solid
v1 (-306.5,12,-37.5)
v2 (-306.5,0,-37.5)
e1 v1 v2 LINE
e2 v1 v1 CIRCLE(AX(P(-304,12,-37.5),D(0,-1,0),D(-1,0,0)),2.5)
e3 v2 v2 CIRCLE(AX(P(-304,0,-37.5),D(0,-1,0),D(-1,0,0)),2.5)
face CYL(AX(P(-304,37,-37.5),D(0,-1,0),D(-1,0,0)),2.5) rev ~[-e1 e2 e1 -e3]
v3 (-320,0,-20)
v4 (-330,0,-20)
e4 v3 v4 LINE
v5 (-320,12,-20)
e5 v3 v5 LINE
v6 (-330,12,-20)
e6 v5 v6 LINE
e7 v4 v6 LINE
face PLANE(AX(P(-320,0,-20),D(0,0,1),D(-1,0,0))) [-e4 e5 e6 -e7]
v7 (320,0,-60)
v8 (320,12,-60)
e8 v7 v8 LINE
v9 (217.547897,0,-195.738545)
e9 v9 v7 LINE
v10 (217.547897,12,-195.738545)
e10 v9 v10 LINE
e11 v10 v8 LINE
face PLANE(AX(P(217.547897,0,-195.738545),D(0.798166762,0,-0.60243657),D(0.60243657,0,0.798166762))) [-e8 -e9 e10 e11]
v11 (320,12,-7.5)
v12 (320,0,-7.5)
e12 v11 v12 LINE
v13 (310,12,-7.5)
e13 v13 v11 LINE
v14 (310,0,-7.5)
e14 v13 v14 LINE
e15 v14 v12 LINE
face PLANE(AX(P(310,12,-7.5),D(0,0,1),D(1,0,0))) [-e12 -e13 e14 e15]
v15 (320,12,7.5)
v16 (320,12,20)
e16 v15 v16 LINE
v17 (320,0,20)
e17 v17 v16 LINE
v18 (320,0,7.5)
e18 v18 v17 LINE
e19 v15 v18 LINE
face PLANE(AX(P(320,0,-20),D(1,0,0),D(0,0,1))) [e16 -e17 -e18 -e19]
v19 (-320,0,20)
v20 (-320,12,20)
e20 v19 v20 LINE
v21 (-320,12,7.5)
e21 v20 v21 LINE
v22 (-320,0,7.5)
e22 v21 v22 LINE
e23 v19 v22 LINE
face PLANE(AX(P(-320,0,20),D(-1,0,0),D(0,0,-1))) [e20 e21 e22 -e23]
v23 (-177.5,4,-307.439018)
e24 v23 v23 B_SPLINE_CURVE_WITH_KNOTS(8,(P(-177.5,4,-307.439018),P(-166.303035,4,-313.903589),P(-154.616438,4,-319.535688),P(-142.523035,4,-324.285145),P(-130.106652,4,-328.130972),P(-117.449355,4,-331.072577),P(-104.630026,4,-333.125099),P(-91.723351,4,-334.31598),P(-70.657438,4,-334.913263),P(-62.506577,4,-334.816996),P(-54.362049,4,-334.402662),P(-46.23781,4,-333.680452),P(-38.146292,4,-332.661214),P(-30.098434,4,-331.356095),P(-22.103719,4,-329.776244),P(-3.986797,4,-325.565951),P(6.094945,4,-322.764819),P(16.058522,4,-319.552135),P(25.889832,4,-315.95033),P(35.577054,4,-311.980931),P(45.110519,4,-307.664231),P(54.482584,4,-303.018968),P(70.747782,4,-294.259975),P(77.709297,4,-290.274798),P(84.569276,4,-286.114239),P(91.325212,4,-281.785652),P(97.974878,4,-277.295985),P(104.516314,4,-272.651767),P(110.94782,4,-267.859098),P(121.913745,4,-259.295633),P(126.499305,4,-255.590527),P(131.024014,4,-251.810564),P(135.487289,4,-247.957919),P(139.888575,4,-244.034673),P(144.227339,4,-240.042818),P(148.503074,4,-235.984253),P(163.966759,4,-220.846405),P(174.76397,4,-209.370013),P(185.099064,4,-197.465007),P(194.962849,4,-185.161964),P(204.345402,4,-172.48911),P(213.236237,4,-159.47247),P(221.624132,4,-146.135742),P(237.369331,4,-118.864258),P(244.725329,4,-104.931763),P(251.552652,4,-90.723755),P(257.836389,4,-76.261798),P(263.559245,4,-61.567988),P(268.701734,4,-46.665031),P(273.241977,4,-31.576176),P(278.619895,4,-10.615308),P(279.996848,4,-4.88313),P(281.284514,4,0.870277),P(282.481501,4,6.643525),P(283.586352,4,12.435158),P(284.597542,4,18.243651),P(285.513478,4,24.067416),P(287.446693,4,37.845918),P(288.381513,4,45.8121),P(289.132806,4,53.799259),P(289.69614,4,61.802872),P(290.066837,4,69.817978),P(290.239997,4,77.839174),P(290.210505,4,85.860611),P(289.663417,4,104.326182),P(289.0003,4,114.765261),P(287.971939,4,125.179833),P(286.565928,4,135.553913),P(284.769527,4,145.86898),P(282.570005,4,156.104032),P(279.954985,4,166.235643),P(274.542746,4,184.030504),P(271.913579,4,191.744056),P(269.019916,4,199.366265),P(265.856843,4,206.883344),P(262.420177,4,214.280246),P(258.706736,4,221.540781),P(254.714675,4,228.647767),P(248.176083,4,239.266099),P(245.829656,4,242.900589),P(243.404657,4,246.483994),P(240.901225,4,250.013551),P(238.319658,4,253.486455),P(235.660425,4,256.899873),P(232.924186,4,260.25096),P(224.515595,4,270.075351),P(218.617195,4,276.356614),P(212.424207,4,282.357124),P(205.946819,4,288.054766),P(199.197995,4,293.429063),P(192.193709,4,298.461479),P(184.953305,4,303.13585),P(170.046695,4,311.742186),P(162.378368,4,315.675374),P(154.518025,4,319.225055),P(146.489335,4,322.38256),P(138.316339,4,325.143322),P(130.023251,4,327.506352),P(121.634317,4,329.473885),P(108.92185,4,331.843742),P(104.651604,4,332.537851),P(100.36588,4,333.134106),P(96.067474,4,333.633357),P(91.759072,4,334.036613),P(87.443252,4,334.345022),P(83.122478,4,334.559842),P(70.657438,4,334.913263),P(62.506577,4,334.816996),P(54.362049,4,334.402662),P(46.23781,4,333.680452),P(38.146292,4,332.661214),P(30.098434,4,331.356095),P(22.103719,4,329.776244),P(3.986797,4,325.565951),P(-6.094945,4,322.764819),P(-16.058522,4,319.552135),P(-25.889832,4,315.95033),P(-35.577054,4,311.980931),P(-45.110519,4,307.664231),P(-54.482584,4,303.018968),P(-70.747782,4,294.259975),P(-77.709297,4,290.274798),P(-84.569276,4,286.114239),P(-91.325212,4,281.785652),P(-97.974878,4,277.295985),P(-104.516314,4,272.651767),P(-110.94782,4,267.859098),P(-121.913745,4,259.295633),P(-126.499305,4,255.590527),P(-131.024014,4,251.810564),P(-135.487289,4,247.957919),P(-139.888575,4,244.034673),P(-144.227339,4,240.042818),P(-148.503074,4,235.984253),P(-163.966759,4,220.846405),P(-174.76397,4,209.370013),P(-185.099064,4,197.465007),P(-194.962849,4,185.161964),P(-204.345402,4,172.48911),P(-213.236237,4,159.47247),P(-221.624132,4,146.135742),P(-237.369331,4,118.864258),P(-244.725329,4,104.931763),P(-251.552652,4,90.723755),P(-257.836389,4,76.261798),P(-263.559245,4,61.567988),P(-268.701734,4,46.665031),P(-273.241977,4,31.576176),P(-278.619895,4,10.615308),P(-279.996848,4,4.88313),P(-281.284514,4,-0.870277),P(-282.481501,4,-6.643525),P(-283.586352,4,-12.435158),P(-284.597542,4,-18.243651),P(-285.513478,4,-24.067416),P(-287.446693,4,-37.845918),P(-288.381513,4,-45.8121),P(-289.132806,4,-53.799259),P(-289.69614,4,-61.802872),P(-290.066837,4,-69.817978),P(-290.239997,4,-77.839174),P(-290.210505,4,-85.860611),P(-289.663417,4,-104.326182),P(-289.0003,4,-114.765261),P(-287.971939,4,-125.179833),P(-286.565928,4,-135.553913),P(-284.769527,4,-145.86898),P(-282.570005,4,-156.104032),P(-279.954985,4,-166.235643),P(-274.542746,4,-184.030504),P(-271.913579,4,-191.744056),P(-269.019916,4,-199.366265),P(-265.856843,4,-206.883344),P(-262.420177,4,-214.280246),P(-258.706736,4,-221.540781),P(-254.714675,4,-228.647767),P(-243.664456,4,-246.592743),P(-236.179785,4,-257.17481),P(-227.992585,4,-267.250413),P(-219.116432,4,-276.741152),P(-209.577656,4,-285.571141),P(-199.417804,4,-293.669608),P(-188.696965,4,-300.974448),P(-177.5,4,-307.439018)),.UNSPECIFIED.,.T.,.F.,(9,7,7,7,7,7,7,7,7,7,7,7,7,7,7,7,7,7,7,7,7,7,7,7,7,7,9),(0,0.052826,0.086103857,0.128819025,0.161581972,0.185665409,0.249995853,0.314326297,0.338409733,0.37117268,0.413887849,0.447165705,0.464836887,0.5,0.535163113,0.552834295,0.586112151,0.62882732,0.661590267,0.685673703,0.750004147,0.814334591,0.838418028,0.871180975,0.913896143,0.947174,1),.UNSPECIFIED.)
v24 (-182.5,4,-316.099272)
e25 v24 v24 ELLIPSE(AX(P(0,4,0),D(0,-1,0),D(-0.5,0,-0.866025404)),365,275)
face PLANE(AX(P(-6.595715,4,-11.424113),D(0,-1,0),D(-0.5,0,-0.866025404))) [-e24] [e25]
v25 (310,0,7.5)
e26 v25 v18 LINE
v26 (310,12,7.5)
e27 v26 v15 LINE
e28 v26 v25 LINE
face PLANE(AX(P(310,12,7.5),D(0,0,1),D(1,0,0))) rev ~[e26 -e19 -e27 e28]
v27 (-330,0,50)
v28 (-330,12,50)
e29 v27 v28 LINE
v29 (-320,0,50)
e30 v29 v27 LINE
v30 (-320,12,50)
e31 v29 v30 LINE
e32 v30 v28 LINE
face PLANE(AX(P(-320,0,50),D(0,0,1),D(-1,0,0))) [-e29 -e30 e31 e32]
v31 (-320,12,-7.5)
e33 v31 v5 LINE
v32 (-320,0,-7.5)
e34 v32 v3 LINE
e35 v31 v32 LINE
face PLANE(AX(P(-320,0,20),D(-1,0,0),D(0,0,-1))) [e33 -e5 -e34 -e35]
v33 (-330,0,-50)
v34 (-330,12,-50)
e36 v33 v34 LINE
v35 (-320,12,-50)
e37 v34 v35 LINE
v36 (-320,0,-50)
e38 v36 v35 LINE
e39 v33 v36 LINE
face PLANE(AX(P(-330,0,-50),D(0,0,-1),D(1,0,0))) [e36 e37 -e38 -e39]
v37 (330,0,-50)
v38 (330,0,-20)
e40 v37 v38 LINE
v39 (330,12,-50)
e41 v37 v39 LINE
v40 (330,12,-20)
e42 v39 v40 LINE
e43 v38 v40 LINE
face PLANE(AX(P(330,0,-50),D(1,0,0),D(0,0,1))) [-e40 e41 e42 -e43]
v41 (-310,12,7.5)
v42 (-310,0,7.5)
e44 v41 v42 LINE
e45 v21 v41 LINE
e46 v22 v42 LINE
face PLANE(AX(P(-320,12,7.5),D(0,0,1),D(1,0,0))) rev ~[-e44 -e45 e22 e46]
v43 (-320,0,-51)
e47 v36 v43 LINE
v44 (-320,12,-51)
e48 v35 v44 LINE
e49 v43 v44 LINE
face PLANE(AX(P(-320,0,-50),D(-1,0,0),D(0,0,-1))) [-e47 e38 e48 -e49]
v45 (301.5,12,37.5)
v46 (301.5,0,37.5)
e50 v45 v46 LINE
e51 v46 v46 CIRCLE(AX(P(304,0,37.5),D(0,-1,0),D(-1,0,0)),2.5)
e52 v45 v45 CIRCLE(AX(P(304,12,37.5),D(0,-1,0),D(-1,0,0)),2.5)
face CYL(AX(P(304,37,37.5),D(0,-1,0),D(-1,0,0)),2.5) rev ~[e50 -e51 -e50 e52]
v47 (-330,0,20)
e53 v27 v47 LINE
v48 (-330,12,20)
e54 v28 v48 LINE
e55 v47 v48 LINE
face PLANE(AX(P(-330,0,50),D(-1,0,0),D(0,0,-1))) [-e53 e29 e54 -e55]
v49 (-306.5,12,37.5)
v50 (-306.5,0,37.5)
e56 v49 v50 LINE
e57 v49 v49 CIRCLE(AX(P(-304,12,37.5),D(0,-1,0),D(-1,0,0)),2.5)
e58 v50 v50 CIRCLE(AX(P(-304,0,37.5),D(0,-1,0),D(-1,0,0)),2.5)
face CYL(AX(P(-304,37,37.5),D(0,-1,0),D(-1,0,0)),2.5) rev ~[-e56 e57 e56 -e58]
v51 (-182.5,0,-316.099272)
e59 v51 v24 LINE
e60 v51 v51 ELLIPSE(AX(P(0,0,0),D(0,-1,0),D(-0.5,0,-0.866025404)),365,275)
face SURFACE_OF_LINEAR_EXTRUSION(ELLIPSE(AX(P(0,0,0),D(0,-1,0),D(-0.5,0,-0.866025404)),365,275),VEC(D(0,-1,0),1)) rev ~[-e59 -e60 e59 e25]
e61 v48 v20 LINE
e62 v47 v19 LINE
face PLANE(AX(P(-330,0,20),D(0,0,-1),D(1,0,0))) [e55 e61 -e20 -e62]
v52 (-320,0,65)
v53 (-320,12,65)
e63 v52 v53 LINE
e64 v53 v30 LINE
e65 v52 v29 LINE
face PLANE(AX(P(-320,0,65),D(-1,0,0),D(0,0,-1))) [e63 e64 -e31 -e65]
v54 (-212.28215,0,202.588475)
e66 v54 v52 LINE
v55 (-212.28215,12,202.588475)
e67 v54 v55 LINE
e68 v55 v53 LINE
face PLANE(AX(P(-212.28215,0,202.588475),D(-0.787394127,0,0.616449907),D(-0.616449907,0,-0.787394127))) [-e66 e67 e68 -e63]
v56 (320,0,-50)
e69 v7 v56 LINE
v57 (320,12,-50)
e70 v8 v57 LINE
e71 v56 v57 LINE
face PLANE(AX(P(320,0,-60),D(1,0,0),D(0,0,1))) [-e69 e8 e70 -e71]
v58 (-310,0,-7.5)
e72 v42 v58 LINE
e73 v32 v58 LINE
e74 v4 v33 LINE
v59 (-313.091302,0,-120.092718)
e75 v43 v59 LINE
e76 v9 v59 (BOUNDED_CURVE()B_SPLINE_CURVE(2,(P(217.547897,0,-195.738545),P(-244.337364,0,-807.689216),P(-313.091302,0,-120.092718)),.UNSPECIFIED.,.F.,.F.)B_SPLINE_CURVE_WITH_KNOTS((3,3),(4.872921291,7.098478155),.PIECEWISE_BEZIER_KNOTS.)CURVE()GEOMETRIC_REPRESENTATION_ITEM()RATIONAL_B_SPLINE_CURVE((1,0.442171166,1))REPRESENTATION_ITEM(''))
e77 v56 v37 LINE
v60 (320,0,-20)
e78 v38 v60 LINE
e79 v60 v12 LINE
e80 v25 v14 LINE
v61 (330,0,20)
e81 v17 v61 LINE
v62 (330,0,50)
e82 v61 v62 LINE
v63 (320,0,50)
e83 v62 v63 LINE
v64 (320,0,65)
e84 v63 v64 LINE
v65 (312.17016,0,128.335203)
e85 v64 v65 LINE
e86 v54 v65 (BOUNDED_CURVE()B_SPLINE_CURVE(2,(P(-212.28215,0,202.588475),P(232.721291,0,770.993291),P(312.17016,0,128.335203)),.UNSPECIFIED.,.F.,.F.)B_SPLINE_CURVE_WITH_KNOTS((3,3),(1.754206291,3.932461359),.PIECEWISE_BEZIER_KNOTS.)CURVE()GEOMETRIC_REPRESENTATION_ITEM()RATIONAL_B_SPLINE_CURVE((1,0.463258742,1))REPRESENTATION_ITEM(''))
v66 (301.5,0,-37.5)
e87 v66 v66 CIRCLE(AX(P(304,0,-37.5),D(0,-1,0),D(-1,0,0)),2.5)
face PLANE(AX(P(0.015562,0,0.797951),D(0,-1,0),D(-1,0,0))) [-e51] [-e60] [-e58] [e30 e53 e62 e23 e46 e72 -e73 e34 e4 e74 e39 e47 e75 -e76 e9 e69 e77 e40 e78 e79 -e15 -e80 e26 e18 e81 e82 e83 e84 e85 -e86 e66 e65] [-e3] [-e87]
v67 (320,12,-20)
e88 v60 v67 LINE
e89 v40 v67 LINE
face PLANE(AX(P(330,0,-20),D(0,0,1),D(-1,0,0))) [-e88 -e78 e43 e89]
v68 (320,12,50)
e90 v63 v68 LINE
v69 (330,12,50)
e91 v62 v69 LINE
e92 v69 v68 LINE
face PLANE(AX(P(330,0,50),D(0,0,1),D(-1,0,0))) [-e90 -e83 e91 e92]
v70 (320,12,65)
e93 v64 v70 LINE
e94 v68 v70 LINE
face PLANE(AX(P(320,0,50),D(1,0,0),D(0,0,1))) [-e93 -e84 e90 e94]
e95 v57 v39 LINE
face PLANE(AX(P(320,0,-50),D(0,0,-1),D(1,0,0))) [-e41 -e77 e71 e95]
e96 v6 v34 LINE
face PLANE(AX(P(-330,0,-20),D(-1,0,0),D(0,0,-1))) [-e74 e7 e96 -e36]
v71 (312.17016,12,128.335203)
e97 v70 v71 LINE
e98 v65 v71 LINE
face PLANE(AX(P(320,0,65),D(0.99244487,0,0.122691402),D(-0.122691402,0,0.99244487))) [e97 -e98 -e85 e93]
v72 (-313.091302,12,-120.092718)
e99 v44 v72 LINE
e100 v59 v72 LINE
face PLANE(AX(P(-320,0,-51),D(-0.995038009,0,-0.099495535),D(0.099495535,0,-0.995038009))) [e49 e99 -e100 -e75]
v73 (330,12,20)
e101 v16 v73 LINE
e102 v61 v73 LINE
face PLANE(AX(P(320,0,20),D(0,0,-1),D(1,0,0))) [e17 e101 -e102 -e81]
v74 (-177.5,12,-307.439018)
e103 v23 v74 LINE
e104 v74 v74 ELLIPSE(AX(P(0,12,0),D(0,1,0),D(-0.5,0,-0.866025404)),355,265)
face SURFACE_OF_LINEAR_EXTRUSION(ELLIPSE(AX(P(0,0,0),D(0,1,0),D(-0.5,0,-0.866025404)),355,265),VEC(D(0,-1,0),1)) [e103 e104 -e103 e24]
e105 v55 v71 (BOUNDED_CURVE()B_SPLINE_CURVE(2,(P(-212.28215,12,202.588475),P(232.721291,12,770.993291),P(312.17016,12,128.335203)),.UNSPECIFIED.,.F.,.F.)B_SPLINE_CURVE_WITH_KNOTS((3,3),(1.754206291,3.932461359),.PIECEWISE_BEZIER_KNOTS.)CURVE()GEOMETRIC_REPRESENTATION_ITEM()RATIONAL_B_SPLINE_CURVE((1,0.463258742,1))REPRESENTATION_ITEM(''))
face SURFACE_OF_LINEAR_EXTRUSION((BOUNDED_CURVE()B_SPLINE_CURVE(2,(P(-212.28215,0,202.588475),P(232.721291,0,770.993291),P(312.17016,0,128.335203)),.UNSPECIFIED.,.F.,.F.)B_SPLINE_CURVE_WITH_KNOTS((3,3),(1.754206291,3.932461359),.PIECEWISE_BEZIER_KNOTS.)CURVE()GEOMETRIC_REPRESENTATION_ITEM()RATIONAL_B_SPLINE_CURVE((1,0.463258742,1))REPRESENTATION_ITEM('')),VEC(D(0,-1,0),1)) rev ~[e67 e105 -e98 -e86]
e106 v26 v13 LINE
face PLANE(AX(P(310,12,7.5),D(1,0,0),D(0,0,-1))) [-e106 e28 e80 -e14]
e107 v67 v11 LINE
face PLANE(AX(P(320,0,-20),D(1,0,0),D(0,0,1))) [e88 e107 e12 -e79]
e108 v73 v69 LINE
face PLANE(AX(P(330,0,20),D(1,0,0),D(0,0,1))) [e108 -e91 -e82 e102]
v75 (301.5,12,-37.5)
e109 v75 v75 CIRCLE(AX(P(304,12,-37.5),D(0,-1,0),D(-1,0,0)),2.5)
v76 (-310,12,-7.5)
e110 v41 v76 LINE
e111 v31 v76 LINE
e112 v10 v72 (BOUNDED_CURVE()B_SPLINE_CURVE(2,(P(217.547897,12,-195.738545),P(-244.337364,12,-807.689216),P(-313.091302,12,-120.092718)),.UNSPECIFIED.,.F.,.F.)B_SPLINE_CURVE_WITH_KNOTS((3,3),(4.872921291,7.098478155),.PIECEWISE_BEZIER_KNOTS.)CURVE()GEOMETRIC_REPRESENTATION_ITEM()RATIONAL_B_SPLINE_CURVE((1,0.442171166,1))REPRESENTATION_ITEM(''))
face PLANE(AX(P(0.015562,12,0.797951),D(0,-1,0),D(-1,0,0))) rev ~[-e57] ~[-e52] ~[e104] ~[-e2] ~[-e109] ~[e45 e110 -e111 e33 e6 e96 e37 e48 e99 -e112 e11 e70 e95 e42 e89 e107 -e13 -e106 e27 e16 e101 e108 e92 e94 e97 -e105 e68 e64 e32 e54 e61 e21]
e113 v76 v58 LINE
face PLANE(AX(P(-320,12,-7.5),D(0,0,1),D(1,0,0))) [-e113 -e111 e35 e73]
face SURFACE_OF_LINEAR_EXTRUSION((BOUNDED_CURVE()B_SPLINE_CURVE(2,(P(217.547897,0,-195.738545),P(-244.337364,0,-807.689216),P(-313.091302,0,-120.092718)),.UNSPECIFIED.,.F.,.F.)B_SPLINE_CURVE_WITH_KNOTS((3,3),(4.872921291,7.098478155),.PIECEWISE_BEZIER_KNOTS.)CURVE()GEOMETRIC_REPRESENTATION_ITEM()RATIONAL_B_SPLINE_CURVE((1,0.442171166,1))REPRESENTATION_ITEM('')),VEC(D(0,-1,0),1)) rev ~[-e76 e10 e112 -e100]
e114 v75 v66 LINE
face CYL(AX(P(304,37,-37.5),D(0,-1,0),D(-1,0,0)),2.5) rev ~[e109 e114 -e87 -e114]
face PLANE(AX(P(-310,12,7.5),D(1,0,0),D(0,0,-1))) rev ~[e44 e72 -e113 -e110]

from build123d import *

# Parameters (mm, degrees)
SKETCH1_RX                   = 355
SKETCH1_RY                   = 265
BOSS_EXTRUDE1_DEPTH          = 12
SKETCH2_W                    = 10
SKETCH2_H                    = 15
CUT_EXTRUDE1_DEPTH           = 12
F_5_0_5_DIAMETER_HOLE2_D     = 5
F_5_0_5_DIAMETER_HOLE2_DEPTH = 25
F_5_0_5_DIAMETER_HOLE2_TIP   = 1.502151548
SKETCH9_RX                   = 365
SKETCH9_RY                   = 275
CUT_EXTRUDE4_DEPTH           = 4


with BuildPart() as part:
    # Sketch1 → Boss-Extrude1 (new body)
    with BuildSketch(Plane(origin=(0, 0, 0), x_dir=(1, 0, 0), z_dir=(0, 1, 0))):
        with BuildLine():
            Line((-320, 50), (-320, 51))
            Line((-320, 51), (-313.091302172, 120.09271769))
            add(Edge.make_bspline(
                [(217.547896668, 195.738545202), (-244.337364097, 807.689215884), (-313.091302172, 120.09271769)],
                knots=[4.872921291, 4.872921291, 4.872921291, 7.098478155, 7.098478155, 7.098478155], degree=2, weights=[1, 0.442171166, 1]))
            Line((217.547896668, 195.738545202), (320, 60))
            Line((320, 60), (320, 50))
            Line((320, 50), (330, 50))
            Line((330, 50), (330, 20))
            Line((330, 20), (320, 20))
            Line((320, 20), (320, 0))
            Line((320, 0), (320, -20))
            Line((320, -20), (330, -20))
            Line((330, -20), (330, -50))
            Line((330, -50), (320, -50))
            Line((320, -50), (320, -65))
            Line((320, -65), (312.170159719, -128.33520269))
            add(Edge.make_bspline(
                [(-212.28214963, -202.588475219), (232.721291269, -770.993291043), (312.170159719, -128.33520269)],
                knots=[1.754206291, 1.754206291, 1.754206291, 3.932461359, 3.932461359, 3.932461359], degree=2, weights=[1, 0.463258742, 1]))
            Line((-212.28214963, -202.588475219), (-320, -65))
            Line((-320, -65), (-320, -50))
            Line((-320, -50), (-330, -50))
            Line((-330, -50), (-330, -20))
            Line((-330, -20), (-320, -20))
            Line((-320, -20), (-320, 0))
            Line((-320, 0), (-320, 20))
            Line((-320, 20), (-330, 20))
            Line((-330, 20), (-330, 50))
            Line((-330, 50), (-320, 50))
        make_face()
        with Locations(Location((0, 0), (0, 0, 120))):
            Ellipse(SKETCH1_RX, SKETCH1_RY, mode=Mode.SUBTRACT)
    extrude(amount=BOSS_EXTRUDE1_DEPTH)

    # Sketch2 → Cut-Extrude1 (cut)
    with BuildSketch(Plane(origin=(0, 12, 0), x_dir=(1, 0, 0), z_dir=(0, 1, 0))):
        with Locations((315, 0)):
            Rectangle(SKETCH2_W, SKETCH2_H)
        with Locations((-315, 0)):
            Rectangle(SKETCH2_W, SKETCH2_H)
    extrude(amount=-CUT_EXTRUDE1_DEPTH, mode=Mode.SUBTRACT)

    # Ø5.0 (5) Diameter Hole2
    with Locations(Plane(origin=(0, 12, 0), x_dir=(1, 0, 0), z_dir=(0, 1, 0))):
        with Locations((304, 37.5), (304, -37.5), (-304, -37.5), (-304, 37.5)):
            Hole(F_5_0_5_DIAMETER_HOLE2_D / 2, depth=F_5_0_5_DIAMETER_HOLE2_DEPTH)
            with Locations((0, 0, -(F_5_0_5_DIAMETER_HOLE2_DEPTH + F_5_0_5_DIAMETER_HOLE2_TIP / 2))):  # 118° drill point
                Cone(0, F_5_0_5_DIAMETER_HOLE2_D / 2, F_5_0_5_DIAMETER_HOLE2_TIP, mode=Mode.SUBTRACT)

    # Sketch9 → Cut-Extrude4 (cut)
    with BuildSketch(Plane.XZ):
        with Locations(Location((0, 0), (0, 0, -119.999999993))):
            Ellipse(SKETCH9_RX, SKETCH9_RY)
    extrude(amount=-CUT_EXTRUDE4_DEPTH, mode=Mode.SUBTRACT)


solid = part.part
